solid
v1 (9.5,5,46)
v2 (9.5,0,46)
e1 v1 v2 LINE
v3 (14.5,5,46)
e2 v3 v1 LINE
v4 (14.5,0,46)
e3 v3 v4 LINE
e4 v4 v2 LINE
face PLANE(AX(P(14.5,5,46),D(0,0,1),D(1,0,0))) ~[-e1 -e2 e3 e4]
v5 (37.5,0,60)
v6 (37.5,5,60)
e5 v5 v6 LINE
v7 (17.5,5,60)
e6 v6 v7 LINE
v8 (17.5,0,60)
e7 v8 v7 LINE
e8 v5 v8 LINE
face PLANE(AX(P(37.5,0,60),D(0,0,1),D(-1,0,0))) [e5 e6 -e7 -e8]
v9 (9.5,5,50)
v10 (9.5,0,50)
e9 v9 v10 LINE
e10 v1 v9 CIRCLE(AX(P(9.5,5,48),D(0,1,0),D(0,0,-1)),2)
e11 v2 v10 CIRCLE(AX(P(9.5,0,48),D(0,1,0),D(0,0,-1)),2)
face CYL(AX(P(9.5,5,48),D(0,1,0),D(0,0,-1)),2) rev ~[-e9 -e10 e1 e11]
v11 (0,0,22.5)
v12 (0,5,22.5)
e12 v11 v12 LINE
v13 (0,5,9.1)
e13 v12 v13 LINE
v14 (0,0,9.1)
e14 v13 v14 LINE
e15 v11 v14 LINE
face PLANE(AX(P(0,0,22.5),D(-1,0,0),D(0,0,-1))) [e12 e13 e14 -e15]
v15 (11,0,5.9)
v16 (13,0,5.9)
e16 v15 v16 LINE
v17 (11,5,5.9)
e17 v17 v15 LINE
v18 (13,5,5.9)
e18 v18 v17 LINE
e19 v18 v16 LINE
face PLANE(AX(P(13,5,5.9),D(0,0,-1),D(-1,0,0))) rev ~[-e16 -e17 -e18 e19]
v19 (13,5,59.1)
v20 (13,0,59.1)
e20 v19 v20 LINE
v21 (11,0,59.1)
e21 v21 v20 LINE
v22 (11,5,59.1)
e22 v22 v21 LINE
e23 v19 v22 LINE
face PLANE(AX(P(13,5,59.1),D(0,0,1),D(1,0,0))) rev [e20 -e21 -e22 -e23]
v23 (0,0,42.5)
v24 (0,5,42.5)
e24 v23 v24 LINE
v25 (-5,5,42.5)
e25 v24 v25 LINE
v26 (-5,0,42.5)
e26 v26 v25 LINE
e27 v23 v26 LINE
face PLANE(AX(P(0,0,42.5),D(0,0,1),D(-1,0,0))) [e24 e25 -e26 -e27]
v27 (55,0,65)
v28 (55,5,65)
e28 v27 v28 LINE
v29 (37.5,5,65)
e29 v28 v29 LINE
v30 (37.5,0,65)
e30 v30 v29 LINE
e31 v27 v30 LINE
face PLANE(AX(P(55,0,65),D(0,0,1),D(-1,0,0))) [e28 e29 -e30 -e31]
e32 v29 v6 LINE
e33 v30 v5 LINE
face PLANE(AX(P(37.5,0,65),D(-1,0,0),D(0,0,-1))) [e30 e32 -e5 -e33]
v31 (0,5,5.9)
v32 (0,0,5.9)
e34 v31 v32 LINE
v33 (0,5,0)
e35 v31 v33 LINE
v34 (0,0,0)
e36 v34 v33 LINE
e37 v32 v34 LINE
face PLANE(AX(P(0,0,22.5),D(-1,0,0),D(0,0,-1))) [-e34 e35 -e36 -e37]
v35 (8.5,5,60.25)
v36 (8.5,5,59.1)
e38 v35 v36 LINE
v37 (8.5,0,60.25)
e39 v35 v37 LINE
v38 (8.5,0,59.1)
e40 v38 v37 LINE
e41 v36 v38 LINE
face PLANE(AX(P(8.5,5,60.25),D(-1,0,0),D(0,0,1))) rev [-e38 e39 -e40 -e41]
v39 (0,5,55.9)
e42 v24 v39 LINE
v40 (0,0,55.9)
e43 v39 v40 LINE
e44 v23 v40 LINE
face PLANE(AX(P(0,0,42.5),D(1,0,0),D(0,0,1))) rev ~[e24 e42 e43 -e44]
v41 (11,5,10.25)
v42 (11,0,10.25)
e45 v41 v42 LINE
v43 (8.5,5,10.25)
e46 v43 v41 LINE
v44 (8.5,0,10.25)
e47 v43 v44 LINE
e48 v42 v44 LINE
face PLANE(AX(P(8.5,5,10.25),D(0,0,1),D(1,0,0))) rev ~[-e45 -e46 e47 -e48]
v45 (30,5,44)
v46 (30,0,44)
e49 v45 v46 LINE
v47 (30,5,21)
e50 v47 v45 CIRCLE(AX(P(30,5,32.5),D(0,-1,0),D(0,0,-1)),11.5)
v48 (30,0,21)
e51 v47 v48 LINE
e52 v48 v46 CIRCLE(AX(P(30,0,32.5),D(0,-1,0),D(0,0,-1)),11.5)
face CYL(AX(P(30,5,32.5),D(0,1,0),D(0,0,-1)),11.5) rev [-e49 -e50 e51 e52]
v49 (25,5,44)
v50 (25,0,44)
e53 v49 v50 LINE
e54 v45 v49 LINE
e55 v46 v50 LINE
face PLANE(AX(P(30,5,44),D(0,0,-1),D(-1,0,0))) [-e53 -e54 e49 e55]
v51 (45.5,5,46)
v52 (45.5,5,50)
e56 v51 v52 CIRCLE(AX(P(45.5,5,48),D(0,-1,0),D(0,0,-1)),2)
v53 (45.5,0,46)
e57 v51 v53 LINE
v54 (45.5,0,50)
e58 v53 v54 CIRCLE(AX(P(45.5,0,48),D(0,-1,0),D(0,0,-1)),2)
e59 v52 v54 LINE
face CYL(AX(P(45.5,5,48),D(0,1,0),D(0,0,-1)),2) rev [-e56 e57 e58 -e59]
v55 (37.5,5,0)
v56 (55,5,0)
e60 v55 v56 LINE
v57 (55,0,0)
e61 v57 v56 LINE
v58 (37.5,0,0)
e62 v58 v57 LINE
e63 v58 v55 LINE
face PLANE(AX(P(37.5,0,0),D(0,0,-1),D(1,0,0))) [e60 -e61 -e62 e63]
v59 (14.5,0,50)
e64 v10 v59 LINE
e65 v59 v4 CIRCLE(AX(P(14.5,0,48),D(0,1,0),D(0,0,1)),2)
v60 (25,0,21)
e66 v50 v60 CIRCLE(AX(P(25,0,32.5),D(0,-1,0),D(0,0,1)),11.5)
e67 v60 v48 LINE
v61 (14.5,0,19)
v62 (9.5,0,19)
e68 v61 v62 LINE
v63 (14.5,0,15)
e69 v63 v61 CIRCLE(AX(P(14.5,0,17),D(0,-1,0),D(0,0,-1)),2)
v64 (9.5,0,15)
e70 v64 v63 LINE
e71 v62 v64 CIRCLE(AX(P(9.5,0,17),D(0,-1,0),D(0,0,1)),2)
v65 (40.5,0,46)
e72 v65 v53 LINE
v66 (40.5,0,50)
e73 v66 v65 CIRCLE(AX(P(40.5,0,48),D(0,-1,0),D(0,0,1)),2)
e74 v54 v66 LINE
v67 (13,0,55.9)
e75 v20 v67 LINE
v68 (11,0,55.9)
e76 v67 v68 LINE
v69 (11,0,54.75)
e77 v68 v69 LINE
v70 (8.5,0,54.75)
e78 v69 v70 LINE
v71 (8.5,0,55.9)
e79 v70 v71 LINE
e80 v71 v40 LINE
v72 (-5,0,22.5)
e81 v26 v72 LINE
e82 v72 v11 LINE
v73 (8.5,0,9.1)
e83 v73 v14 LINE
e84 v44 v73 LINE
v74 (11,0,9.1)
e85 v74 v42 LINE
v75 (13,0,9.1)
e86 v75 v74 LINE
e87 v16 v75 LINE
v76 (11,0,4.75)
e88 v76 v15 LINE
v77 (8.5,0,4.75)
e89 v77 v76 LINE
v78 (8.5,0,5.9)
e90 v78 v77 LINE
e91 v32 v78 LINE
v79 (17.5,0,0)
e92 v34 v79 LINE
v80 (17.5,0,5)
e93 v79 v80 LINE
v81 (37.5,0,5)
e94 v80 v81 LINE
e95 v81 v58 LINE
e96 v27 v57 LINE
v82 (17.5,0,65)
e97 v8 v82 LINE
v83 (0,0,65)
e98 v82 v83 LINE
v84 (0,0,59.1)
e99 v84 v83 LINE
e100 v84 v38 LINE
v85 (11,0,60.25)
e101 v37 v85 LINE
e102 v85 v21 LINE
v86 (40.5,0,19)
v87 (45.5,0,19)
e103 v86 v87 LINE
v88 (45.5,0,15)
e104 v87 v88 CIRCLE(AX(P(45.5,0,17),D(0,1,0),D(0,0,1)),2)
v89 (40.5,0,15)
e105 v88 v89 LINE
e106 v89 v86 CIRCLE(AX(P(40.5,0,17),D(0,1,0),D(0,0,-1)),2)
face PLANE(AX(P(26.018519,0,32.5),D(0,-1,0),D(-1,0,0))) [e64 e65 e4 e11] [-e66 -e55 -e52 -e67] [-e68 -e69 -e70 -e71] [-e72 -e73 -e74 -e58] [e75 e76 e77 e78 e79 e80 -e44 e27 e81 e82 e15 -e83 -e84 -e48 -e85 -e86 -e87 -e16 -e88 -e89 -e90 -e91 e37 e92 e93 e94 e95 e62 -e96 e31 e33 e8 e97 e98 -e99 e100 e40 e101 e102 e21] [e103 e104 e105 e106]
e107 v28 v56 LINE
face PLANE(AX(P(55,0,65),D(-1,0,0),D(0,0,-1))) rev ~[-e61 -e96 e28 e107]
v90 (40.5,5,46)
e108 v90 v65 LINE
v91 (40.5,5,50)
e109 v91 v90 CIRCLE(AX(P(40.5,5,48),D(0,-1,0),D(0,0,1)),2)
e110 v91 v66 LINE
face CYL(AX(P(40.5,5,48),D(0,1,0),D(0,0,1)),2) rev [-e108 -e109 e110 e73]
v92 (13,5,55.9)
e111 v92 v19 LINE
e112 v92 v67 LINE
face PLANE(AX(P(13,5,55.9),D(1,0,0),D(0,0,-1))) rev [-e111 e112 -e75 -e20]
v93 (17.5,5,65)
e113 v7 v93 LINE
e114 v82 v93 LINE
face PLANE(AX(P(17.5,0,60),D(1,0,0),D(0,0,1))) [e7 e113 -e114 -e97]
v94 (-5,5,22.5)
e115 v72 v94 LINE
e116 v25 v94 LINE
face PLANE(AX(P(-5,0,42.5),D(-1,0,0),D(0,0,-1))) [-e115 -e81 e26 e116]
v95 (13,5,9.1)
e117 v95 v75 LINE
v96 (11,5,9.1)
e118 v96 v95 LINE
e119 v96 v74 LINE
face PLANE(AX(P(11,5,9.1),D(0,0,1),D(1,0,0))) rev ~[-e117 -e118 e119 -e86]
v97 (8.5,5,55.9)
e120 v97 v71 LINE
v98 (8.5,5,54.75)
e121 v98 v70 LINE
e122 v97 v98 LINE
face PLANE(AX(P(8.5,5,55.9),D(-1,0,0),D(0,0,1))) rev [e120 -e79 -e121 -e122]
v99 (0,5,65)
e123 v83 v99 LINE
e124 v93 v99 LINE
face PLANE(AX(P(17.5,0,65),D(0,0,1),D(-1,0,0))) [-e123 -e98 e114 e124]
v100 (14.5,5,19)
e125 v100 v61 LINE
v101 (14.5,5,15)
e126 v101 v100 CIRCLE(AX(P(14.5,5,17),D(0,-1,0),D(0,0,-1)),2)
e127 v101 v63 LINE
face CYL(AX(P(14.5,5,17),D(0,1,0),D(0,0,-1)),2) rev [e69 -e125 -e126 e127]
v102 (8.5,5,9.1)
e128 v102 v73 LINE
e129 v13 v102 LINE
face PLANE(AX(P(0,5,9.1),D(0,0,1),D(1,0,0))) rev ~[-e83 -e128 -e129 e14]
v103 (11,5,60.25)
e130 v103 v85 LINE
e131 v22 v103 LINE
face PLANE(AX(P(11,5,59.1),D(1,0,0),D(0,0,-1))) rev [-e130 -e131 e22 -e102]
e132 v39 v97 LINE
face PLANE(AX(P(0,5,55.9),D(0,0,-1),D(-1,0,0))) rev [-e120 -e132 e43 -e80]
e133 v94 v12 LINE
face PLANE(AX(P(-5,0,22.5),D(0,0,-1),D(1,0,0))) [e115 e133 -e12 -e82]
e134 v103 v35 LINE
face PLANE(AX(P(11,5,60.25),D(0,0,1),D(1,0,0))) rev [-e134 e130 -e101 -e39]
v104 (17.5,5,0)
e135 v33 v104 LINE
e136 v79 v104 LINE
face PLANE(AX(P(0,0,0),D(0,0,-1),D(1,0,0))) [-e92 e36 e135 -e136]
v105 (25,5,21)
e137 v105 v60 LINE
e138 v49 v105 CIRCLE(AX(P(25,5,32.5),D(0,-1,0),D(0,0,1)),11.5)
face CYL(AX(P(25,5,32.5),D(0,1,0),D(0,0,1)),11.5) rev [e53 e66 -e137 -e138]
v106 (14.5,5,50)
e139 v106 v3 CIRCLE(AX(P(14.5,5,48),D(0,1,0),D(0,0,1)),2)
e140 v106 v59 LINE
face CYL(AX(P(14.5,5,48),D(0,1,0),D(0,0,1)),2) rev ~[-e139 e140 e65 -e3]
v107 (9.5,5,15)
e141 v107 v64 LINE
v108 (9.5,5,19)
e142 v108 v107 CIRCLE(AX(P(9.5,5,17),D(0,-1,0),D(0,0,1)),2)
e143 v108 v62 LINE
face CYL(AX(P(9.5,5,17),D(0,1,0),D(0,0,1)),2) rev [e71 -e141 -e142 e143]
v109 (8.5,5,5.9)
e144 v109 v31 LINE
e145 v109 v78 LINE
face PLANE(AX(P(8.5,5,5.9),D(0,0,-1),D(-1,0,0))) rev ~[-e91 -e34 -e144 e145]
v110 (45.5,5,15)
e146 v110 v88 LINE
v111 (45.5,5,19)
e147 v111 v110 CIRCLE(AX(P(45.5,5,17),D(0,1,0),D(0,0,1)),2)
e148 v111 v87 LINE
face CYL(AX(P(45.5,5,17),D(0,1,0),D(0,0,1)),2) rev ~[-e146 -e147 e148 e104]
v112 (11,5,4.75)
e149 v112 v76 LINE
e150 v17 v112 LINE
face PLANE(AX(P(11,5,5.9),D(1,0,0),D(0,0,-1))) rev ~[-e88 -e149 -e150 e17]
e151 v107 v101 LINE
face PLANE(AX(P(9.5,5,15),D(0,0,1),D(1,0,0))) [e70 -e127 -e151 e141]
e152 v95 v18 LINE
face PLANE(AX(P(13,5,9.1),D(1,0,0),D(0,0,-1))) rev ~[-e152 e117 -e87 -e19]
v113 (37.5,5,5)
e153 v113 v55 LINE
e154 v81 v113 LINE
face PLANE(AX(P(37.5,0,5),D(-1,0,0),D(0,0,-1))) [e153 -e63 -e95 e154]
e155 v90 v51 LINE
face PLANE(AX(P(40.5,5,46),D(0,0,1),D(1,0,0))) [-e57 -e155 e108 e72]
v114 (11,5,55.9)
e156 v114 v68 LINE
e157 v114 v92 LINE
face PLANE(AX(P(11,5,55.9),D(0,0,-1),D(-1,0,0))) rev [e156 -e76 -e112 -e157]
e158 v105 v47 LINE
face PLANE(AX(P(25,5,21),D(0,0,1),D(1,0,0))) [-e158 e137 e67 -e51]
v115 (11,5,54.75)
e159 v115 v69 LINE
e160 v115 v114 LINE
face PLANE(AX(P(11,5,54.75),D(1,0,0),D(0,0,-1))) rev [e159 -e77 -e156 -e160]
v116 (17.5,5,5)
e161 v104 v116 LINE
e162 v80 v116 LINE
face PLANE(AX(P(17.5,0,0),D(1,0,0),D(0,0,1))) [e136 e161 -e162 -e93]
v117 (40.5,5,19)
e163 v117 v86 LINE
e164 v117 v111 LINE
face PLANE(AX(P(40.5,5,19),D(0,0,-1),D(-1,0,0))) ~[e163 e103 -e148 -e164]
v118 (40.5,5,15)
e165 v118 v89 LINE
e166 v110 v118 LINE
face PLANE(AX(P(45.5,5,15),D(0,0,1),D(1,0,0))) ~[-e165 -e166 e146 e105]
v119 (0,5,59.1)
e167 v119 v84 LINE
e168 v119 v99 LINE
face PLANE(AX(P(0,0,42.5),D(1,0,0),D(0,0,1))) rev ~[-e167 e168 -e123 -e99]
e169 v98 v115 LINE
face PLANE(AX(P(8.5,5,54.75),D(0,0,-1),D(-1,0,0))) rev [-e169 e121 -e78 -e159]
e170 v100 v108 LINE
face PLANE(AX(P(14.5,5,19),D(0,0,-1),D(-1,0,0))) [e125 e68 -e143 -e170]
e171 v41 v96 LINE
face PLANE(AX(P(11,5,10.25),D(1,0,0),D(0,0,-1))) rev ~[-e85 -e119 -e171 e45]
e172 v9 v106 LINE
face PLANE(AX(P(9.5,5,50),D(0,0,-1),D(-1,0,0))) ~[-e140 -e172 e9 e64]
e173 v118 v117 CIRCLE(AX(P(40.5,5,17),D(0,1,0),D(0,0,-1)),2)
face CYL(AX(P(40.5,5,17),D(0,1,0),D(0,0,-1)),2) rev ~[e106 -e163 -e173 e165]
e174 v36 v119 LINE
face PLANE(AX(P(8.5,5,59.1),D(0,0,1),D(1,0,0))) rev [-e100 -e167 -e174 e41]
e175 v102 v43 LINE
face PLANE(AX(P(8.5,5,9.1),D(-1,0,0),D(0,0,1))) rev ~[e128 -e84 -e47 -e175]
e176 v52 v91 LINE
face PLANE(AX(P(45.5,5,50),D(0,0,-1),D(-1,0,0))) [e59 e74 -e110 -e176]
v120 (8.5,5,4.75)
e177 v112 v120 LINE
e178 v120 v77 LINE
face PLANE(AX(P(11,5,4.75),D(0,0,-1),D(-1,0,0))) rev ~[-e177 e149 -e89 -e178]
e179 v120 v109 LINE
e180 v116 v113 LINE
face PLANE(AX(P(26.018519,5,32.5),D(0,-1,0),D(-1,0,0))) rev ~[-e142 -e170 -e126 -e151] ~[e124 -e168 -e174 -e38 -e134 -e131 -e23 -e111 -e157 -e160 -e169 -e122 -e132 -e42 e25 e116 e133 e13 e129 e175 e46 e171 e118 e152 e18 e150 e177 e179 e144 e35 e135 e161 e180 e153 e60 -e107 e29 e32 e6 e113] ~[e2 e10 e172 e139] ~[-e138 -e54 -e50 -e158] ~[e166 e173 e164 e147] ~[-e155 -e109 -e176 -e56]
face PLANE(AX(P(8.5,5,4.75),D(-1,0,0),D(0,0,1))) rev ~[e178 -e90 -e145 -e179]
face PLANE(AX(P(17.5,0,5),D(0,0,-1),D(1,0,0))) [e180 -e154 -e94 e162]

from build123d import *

# Parameters (mm, degrees)
BOSS_EXTRU_1_DEPTH      = 5
ENL_V_MAT_EXTRU_1_DEPTH = 5
ENL_V_MAT_EXTRU_2_DEPTH = 5
SYM_TRIE2_COPY_1_DEPTH  = 5
ENL_V_MAT_EXTRU_3_DEPTH = 10


with BuildPart() as part:
    # Esquisse1 → Boss.-Extru.1 (new body)
    with BuildSketch(Plane(origin=(0, 0, 0), x_dir=(1, 0, 0), z_dir=(0, 1, 0))):
        Polygon((17.5, -5), (37.5, -5), (37.5, 0), (55, 0), (55, -60), (55, -65), (37.5, -65), (37.5, -60), (17.5, -60), (17.5, -65), (0, -65), (0, -60), (0, -42.5), (-5, -42.5), (-5, -22.5), (0, -22.5), (0, 0), (17.5, 0), align=None)
    extrude(amount=BOSS_EXTRU_1_DEPTH)

    # Esquisse2 → Enlèv. mat.-Extru.1 (cut)
    with BuildSketch(Plane(origin=(0, 5, 0), x_dir=(1, 0, 0), z_dir=(0, 1, 0))):
        with BuildLine():
            Line((25, -21), (30, -21))
            ThreePointArc((30, -21), (41.5, -32.5), (30, -44))
            Line((30, -44), (25, -44))
            ThreePointArc((25, -44), (13.5, -32.5), (25, -21))
        make_face()
    extrude(amount=-ENL_V_MAT_EXTRU_1_DEPTH, mode=Mode.SUBTRACT)

    # Esquisse3 → Enlèv. mat.-Extru.2 (cut)
    with BuildSketch(Plane(origin=(0, 5, 0), x_dir=(1, 0, 0), z_dir=(0, 1, 0))):
        with BuildLine():
            Line((9.5, -15), (14.5, -15))
            ThreePointArc((14.5, -15), (16.5, -17), (14.5, -19))
            Line((14.5, -19), (9.5, -19))
            ThreePointArc((9.5, -19), (7.5, -17), (9.5, -15))
        make_face()
    enl_v_mat_extru_2 = extrude(amount=-ENL_V_MAT_EXTRU_2_DEPTH, mode=Mode.SUBTRACT)

    # Symétrie1: Enlèv. mat.-Extru.2 across plane
    add(enl_v_mat_extru_2.mirror(Plane.XY.offset(32.5)), mode=Mode.SUBTRACT)

    # Symétrie2: Enlèv. mat.-Extru.2 across plane
    add(enl_v_mat_extru_2.mirror(Plane.ZY.offset(-27.5)), mode=Mode.SUBTRACT)

    # Symétrie2 copy 1 sketch → Symétrie2 copy 1 (cut)
    with BuildSketch(Plane(origin=(55, 5, 65), x_dir=(-1, 0, 0), z_dir=(0, 1, 0))):
        with BuildLine():
            Line((9.5, -15), (14.5, -15))
            ThreePointArc((14.5, -15), (16.5, -17), (14.5, -19))
            Line((14.5, -19), (9.5, -19))
            ThreePointArc((9.5, -19), (7.5, -17), (9.5, -15))
        make_face()
    extrude(amount=-SYM_TRIE2_COPY_1_DEPTH, mode=Mode.SUBTRACT)

    # Esquisse4 → Enlèv. mat.-Extru.3 (cut)
    with BuildSketch(Plane(origin=(0, 5, 0), x_dir=(1, 0, 0), z_dir=(0, 1, 0))):
        Polygon((13, -5.9), (11, -5.9), (11, -4.75), (8.5, -4.75), (8.5, -5.9), (0, -5.9), (0, -9.1), (8.5, -9.1), (8.5, -10.25), (11, -10.25), (11, -9.1), (13, -9.1), align=None)
    enl_v_mat_extru_3 = extrude(amount=-ENL_V_MAT_EXTRU_3_DEPTH, mode=Mode.SUBTRACT)

    # Symétrie3: Enlèv. mat.-Extru.3 across plane
    add(enl_v_mat_extru_3.mirror(Plane.XY.offset(32.5)), mode=Mode.SUBTRACT)


solid = part.part
